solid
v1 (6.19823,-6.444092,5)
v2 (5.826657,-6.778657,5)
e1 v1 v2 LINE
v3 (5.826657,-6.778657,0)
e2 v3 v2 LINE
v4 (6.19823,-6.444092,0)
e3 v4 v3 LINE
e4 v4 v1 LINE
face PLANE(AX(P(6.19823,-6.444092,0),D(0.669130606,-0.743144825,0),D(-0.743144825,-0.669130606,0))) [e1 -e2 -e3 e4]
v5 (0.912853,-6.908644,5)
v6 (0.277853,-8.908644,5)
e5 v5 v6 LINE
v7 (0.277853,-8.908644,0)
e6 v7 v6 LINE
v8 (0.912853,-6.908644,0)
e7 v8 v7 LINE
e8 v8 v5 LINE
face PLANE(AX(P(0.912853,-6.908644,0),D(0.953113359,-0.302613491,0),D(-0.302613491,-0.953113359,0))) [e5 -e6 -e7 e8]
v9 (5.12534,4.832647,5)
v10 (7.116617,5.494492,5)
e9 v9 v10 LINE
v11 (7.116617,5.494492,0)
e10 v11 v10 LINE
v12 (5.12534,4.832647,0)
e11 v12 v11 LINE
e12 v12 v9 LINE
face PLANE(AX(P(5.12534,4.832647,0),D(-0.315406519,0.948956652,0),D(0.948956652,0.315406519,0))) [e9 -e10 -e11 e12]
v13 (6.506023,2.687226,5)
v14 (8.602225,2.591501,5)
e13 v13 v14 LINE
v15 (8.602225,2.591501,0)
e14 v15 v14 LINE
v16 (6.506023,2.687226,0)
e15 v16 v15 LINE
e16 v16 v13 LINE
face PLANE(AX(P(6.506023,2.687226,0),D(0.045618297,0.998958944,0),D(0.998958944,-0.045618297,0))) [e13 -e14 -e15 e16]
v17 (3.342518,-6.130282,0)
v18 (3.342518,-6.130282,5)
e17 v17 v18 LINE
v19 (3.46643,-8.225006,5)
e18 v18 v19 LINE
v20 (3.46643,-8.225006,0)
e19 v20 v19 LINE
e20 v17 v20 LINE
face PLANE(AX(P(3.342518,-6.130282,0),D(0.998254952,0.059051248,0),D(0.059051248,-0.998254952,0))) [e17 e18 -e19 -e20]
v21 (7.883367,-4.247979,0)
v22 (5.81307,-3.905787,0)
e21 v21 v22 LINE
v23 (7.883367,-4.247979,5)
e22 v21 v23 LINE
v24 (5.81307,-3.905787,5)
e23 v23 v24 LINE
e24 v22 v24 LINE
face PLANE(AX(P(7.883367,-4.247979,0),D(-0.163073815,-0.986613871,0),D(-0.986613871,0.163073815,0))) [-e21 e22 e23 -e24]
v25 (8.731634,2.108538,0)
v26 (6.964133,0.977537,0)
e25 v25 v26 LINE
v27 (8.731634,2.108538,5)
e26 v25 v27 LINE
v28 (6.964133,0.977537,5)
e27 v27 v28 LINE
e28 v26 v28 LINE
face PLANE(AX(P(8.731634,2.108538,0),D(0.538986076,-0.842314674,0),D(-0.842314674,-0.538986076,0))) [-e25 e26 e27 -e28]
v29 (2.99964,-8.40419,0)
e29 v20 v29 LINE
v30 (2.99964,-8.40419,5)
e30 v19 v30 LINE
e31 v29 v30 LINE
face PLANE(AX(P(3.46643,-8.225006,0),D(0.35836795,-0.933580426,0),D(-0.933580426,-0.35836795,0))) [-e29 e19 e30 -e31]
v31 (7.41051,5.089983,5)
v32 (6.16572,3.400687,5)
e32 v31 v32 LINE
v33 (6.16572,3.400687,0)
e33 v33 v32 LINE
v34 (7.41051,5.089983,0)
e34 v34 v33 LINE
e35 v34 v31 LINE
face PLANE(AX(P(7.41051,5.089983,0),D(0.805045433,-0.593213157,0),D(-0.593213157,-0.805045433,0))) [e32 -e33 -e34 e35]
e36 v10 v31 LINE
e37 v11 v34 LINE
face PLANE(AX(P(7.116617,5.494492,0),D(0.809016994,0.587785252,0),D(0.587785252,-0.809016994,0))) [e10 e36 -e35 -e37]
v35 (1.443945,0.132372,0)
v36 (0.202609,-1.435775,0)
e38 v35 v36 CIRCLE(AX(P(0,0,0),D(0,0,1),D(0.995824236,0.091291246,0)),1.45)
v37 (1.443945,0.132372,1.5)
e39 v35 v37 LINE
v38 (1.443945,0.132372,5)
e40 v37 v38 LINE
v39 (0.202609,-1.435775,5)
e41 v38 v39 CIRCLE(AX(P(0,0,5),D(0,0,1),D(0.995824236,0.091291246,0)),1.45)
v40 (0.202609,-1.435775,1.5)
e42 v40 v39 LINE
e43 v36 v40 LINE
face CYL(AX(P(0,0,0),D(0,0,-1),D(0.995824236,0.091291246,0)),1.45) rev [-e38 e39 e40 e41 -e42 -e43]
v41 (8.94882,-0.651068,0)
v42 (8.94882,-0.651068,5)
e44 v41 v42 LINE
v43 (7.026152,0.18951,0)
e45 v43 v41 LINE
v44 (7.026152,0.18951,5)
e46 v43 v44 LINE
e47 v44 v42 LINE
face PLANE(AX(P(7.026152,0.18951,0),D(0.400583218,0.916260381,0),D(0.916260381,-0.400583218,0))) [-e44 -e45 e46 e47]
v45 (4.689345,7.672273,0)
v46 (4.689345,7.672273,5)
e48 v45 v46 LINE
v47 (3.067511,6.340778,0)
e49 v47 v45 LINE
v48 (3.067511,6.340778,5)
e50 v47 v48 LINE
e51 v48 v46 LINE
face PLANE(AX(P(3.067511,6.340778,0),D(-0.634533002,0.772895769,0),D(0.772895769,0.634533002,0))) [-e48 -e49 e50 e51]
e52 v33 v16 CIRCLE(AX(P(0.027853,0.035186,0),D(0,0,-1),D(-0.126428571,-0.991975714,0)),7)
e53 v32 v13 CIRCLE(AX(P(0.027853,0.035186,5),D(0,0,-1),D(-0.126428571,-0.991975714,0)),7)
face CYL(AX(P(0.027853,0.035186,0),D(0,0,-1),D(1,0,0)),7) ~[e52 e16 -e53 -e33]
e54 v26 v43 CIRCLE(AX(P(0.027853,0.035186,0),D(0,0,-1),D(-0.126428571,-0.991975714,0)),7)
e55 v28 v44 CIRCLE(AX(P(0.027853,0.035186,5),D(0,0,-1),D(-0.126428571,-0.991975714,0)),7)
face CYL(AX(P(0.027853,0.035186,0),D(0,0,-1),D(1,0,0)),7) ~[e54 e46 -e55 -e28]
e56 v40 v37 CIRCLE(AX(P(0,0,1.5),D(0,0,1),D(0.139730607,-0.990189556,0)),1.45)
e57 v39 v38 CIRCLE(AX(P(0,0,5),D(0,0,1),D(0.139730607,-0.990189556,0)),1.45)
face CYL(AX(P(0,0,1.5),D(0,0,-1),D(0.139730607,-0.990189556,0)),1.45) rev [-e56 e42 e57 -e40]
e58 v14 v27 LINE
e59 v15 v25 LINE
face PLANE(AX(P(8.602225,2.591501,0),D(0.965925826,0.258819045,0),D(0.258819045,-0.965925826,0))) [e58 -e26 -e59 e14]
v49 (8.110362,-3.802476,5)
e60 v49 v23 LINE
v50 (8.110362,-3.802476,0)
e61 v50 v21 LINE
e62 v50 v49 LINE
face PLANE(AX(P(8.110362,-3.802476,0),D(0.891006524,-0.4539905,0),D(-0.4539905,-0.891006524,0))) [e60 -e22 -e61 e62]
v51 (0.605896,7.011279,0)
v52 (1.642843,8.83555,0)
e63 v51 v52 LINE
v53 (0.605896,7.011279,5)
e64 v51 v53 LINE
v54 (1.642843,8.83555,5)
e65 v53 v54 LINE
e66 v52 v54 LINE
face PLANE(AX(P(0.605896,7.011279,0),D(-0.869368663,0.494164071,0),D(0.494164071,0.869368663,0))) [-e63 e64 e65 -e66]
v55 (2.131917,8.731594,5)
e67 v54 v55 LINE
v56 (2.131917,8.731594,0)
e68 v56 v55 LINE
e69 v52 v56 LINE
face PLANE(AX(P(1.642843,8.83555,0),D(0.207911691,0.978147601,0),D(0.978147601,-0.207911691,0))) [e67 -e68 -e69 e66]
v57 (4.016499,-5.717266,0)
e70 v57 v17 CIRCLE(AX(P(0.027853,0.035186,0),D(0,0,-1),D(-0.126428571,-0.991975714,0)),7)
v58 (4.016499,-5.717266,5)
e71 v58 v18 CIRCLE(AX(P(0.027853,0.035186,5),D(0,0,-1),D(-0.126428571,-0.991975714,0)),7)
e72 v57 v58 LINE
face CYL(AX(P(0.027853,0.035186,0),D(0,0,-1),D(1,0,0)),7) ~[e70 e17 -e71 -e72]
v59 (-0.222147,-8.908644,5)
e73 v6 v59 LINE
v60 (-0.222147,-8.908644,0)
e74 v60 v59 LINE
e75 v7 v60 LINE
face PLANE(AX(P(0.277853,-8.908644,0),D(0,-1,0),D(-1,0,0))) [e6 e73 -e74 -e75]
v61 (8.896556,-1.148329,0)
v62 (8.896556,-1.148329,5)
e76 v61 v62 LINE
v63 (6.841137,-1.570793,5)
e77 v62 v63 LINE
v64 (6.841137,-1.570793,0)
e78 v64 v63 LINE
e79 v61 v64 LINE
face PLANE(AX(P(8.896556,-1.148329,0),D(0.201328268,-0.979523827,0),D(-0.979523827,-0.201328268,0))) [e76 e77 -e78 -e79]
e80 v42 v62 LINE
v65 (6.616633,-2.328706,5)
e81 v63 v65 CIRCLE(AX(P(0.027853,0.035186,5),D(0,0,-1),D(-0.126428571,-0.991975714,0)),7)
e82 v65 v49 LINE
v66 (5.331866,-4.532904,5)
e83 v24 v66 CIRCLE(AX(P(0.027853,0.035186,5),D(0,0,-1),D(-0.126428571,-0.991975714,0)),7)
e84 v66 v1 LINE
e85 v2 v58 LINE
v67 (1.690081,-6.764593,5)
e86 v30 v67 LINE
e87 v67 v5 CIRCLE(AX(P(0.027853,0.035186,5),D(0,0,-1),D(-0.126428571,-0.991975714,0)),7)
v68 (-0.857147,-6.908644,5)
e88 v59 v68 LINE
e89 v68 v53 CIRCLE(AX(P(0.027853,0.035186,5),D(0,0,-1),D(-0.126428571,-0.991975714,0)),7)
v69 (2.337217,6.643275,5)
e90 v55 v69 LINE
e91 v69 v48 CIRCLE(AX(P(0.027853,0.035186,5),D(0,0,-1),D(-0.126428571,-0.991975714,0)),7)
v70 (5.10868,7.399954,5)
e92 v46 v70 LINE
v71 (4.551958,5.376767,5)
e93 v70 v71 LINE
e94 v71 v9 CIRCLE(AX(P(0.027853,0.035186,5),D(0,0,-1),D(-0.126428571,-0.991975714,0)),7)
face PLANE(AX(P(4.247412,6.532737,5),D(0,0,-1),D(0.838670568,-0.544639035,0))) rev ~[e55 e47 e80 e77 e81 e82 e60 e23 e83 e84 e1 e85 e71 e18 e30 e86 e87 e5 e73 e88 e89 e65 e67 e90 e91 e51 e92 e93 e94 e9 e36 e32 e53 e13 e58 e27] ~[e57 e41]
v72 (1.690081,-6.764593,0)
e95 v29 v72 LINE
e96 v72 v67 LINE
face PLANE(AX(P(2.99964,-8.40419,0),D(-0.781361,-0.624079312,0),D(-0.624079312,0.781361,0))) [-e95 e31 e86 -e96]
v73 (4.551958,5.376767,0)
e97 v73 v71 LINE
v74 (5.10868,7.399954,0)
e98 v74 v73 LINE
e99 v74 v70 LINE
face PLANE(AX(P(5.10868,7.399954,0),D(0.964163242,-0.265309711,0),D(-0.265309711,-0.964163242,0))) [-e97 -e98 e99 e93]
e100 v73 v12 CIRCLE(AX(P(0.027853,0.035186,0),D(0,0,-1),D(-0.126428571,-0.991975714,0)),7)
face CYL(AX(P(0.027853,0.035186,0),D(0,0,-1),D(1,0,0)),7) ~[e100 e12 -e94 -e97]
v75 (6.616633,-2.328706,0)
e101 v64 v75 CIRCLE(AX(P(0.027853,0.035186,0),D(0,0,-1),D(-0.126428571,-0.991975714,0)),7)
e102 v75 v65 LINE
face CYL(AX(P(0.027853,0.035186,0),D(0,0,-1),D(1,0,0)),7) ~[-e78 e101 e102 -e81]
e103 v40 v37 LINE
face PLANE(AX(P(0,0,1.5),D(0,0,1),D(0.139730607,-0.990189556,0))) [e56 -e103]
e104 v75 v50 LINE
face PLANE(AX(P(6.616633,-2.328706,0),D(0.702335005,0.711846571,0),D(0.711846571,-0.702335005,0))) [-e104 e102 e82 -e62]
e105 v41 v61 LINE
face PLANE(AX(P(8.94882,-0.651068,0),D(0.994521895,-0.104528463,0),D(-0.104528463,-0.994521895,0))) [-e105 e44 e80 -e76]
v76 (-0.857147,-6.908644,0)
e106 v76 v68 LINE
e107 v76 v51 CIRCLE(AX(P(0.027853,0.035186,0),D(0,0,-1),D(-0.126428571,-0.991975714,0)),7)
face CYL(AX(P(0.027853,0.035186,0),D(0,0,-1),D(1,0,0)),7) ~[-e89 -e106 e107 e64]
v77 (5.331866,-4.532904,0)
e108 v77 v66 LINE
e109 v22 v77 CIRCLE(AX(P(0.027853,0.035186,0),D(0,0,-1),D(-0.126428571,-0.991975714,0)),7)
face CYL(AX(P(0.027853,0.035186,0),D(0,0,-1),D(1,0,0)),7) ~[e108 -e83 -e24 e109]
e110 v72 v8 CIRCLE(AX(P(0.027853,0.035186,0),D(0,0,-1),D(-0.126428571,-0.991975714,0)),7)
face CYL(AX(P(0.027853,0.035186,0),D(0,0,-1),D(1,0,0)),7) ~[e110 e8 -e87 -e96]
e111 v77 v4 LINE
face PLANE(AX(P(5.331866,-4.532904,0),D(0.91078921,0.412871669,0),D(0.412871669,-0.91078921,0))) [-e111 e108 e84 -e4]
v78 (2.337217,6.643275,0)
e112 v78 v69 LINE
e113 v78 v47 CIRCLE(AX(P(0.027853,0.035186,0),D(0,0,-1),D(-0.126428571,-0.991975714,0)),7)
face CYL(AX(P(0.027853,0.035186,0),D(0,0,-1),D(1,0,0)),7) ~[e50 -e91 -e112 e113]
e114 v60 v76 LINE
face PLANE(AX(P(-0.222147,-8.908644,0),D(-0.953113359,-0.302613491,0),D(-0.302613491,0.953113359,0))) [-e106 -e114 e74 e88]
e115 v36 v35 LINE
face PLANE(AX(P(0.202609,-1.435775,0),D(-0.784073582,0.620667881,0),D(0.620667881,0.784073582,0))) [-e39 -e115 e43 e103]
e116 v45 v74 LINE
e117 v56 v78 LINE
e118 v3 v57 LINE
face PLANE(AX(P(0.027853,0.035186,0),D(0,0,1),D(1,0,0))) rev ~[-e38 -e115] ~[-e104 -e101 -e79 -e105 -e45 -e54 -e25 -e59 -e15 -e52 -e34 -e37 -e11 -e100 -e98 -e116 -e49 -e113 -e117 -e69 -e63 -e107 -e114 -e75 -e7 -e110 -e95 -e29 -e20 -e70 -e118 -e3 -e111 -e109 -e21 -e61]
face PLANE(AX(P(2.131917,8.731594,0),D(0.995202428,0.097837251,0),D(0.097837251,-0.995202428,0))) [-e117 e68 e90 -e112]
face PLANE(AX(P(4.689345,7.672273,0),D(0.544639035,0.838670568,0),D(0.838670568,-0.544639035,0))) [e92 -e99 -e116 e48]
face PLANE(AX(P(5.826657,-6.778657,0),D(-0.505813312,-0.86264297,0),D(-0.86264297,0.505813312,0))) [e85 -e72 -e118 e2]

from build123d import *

# Parameters (mm, degrees)
SKETCH1_R           = 7
BOSS_EXTRUDE1_DEPTH = 5
BOSS_EXTRUDE2_DEPTH = 5
CIRPATTERN3_COUNT   = 9
CIRPATTERN3_ANGLE   = 168
CUT_EXTRUDE1_START  = -3.5
SKETCH5_R           = 1.45
CUT_EXTRUDE1_DEPTH  = 3.5


with BuildPart() as part:
    # Sketch1 → Boss-Extrude1 (new body)
    with BuildSketch(Plane.XY):
        with Locations((0.027853283, 0.035186328)):
            Circle(SKETCH1_R)
        with BuildLine():
            Line((0.20260938, -1.435774857), (1.443945142, 0.132372307))
            ThreePointArc((1.443945142, 0.132372307), (-1.136906694, 0.899968427), (0.20260938, -1.435774857))
        make_face(mode=Mode.SUBTRACT)
    extrude(amount=BOSS_EXTRUDE1_DEPTH)

    # Sketch3 → Boss-Extrude2 (add)
    with BuildSketch(Plane(origin=(0, 0, 0), x_dir=(-1, 0, 0), z_dir=(0, 0, -1))):
        Polygon((0.857146717, -6.908643667), (-0.912853283, -6.908643667), (-0.277853283, -8.908643667), (0.222146717, -8.908643667), align=None)
    boss_extrude2 = extrude(amount=-BOSS_EXTRUDE2_DEPTH)

    # CirPattern3: Boss-Extrude2 ×9 about axis
    cirpattern3_axis = Axis((0.027853283, 0.035186328, 0), (0, 0, 1))
    for i in range(1, CIRPATTERN3_COUNT):
        add(boss_extrude2.rotate(cirpattern3_axis, i * CIRPATTERN3_ANGLE / (CIRPATTERN3_COUNT - 1)))

    # Sketch5 → Cut-Extrude1 (cut)
    with BuildSketch(Plane.XY.offset(5).offset(CUT_EXTRUDE1_START)):
        with Locations(Location((0, 0, 0), (0, 0, 278.032257946))):
            Circle(SKETCH5_R)
    extrude(amount=CUT_EXTRUDE1_DEPTH, mode=Mode.SUBTRACT)


solid = part.part
